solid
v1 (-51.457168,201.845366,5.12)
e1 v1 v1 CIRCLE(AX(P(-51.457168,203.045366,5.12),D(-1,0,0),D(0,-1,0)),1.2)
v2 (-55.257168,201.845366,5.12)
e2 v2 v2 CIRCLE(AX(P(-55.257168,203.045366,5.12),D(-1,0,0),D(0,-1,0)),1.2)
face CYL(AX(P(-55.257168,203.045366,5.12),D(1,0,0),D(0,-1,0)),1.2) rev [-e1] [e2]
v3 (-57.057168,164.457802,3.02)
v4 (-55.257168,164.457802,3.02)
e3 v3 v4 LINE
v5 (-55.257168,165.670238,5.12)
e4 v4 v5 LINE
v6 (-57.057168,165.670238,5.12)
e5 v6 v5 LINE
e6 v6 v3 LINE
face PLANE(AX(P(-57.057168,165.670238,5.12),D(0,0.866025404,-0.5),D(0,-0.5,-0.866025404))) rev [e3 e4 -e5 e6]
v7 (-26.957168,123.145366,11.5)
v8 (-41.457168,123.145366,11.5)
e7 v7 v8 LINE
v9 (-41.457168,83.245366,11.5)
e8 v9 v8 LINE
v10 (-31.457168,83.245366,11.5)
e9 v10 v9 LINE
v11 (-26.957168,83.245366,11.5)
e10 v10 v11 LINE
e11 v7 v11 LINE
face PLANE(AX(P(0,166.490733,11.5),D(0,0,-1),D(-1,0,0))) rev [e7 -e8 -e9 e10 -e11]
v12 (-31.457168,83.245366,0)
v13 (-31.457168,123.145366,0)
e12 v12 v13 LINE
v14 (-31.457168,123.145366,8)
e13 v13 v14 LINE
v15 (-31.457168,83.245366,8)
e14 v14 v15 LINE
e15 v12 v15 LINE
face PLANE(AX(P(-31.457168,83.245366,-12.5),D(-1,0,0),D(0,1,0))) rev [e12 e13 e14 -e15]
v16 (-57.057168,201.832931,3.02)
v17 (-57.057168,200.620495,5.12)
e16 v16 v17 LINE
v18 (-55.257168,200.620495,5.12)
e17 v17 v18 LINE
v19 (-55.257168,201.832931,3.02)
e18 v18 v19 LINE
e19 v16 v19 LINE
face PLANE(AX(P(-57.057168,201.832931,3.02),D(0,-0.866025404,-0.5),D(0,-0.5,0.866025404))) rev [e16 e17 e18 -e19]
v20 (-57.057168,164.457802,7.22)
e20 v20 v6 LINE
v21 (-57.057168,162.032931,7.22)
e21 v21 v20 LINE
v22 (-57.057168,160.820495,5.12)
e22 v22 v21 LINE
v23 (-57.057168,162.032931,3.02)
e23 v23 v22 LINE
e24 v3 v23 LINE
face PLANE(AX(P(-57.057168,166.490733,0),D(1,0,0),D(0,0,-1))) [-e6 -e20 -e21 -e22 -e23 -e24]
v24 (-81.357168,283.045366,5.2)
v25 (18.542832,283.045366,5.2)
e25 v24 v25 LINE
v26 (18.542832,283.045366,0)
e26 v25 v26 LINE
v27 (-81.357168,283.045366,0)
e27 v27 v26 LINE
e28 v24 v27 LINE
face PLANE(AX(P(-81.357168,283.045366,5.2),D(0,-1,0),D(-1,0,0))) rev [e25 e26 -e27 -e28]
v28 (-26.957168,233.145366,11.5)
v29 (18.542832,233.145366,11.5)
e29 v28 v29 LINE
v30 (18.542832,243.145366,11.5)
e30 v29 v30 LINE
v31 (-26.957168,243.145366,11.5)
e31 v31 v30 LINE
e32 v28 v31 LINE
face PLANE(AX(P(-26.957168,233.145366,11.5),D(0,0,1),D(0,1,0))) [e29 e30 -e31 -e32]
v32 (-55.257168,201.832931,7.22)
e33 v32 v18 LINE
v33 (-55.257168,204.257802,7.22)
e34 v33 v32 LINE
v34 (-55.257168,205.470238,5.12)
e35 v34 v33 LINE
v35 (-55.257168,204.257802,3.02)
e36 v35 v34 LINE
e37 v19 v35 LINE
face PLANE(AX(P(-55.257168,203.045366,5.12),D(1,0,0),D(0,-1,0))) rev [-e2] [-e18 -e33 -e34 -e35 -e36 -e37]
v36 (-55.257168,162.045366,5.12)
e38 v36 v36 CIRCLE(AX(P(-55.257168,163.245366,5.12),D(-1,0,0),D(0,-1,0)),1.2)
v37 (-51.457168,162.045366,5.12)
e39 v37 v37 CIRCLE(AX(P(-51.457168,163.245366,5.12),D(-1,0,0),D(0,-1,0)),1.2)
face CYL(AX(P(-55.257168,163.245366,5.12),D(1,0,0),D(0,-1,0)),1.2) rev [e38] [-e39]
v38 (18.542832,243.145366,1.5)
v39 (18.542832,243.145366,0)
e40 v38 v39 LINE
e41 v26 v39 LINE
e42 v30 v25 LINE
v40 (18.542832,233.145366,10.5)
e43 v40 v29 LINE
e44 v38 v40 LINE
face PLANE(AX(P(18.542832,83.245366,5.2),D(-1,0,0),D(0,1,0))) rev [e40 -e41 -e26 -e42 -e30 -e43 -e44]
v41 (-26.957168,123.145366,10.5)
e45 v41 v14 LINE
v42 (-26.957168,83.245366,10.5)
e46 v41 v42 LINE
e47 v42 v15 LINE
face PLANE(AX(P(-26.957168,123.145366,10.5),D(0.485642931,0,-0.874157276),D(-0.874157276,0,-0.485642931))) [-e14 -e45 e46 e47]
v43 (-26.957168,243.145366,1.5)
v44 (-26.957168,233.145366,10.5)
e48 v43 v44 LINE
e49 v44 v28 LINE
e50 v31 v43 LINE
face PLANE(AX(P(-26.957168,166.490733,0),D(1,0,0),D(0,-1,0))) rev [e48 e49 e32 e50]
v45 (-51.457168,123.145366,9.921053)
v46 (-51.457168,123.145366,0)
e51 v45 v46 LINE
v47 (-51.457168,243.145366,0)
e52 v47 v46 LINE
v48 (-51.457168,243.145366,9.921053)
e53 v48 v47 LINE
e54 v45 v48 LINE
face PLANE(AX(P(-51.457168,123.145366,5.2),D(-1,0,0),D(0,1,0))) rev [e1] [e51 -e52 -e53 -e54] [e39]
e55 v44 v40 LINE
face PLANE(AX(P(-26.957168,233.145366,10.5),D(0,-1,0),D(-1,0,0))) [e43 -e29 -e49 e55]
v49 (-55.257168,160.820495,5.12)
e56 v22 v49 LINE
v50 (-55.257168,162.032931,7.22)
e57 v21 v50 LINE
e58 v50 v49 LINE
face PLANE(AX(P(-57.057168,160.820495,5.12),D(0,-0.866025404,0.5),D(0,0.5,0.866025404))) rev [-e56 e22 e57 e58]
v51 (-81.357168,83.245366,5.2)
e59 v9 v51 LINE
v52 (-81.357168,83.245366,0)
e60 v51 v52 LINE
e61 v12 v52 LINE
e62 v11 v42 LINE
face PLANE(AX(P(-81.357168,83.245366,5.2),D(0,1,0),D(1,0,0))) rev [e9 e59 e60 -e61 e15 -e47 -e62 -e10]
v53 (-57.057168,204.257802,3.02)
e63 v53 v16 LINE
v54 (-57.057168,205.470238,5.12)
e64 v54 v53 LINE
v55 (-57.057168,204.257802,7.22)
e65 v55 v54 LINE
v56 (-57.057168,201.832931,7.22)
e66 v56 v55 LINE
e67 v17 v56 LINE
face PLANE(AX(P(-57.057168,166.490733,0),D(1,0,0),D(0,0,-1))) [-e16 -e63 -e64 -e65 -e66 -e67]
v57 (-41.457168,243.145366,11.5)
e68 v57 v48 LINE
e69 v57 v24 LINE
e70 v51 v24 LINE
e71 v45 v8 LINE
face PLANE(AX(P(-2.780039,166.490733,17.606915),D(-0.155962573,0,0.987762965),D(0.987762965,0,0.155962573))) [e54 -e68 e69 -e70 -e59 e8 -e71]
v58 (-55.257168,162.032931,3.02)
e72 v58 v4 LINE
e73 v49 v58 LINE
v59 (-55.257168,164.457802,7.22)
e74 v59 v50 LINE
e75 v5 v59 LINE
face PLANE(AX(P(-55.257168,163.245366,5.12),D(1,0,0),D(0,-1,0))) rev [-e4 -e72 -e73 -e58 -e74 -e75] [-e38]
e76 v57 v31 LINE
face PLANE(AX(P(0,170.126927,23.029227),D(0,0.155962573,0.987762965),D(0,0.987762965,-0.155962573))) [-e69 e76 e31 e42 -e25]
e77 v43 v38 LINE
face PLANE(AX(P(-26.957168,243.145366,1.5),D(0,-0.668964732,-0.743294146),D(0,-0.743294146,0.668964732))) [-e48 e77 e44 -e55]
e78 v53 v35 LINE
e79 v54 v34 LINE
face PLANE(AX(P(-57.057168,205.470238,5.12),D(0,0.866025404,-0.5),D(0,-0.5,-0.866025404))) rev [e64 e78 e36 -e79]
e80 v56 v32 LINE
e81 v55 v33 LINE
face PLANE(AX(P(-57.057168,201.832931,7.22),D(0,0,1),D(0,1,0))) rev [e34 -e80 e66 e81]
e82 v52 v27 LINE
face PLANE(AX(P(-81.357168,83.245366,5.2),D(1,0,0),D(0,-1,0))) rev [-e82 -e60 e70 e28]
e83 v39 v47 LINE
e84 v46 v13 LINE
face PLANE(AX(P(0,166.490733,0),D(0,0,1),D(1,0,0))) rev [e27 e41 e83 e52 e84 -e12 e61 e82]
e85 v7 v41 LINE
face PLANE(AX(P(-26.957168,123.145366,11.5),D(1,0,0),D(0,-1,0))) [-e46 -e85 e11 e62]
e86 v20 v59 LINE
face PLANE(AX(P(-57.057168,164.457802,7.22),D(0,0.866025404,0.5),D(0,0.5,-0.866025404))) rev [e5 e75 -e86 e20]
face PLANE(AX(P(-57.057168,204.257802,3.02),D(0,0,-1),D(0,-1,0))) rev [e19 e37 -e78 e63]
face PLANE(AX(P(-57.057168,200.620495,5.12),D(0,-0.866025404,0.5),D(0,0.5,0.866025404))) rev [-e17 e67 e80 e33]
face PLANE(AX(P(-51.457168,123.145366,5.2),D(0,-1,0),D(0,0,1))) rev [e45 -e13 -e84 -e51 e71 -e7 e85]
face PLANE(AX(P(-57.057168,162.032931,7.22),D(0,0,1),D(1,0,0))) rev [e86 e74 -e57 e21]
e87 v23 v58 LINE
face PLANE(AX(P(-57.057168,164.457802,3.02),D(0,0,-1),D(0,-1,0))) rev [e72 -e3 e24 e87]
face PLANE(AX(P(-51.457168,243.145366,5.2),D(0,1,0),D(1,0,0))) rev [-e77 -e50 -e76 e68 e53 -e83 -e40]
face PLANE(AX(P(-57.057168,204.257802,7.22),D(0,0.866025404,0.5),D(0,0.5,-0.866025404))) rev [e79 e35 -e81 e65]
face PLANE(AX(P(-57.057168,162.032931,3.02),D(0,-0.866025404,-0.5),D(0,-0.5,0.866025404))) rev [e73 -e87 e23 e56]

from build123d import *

# Parameters (mm, degrees)
DODANIE_WYCI_GNI_CIE1_DEPTH = 5.2
SZKIC3_W                    = 60
SZKIC3_H                    = 159.9
SZKIC5_W                    = 99.9
SZKIC5_H                    = 199.8
SZKIC6_W                    = 49.271239353
SZKIC6_H                    = 120
WYTNIJ_WYCI_GNI_CIE1_DEPTH  = 78
WYTNIJ_WYCI_GNI_CIE2_DEPTH  = 5.6
SZKIC9_R                    = 2.424871131
SZKIC9_R_2                  = 1.2
DODANIE_WYCI_GNI_CIE3_DEPTH = 3.8
SZKIC10_W                   = 50
SZKIC10_H                   = 39.9
WYTNIJ_WYCI_GNI_CIE4_DEPTH  = 24
DODANIE_WYCI_GNI_CIE4_DEPTH = 39.9
DODANIE_WYCI_GNI_CIE5_DEPTH = 45.5


with BuildPart() as part:
    # Szkic2 → Dodanie-wyciągnięcie1 (new body)
    with BuildSketch(Plane.XY):
        Polygon((18.542832418, 83.245366469), (18.542832418, 43.345366469), (-51.457167582, 43.345366469), (-51.457167582, -76.654633531), (18.542832418, -76.654633531), (18.542832418, -116.554633531), (-81.357167582, -116.554633531), (-81.357167582, 83.245366469), align=None)
    extrude(amount=DODANIE_WYCI_GNI_CIE1_DEPTH)

    # Szkic3 → Wyciągnięcie po profilach3 section 0
    with BuildSketch(Plane.XY.offset(11.5)):
        with Locations((-11.457167582, 3.295366469)):
            Rectangle(SZKIC3_W, SZKIC3_H)
    # Szkic5 → Wyciągnięcie po profilach3 section 1
    with BuildSketch(Plane.XY.offset(5.2)):
        with Locations((-31.407167582, -16.654633531)):
            Rectangle(SZKIC5_W, SZKIC5_H)
    loft()

    # Szkic6 → Wytnij-wyciągnięcie1 (cut)
    with BuildSketch(Plane(origin=(-51.457167582, 0, 0), x_dir=(0, 0, -1), z_dir=(1, 0, 0))):
        with Locations((-24.635619677, -16.654633531)):
            Rectangle(SZKIC6_W, SZKIC6_H)
    extrude(amount=WYTNIJ_WYCI_GNI_CIE1_DEPTH, mode=Mode.SUBTRACT)

    # Szkic7 → Wytnij-wyciągnięcie2 (cut)
    with BuildSketch(Plane(origin=(-51.457167582, 0, 0), x_dir=(0, 0, -1), z_dir=(1, 0, 0))):
        Polygon((-5.12, -34.1297624), (-7.22, -35.342197966), (-7.22, -37.767069096), (-5.12, -38.979504662), (-3.02, -37.767069096), (-3.02, -35.342197966), align=None)
        Polygon((-5.12, 5.6702376), (-7.22, 4.457802034), (-7.22, 2.032930904), (-5.12, 0.820495338), (-3.02, 2.032930904), (-3.02, 4.457802034), align=None)
    extrude(amount=-WYTNIJ_WYCI_GNI_CIE2_DEPTH, mode=Mode.SUBTRACT)

    # Szkic9 → Dodanie-wyciągnięcie3 (add)
    with BuildSketch(Plane(origin=(-51.457167582, 0, 0), x_dir=(0, 0, -1), z_dir=(1, 0, 0))):
        with Locations((-5.12, 3.245366469)):
            Circle(SZKIC9_R)
        with Locations((-5.12, 3.245366469)):
            Circle(SZKIC9_R_2, mode=Mode.SUBTRACT)
        with Locations((-5.12, -36.554633531)):
            Circle(SZKIC9_R)
        with Locations((-5.12, -36.554633531)):
            Circle(SZKIC9_R_2, mode=Mode.SUBTRACT)
    extrude(amount=-DODANIE_WYCI_GNI_CIE3_DEPTH)

    # Szkic10 → Wytnij-wyciągnięcie4 (cut)
    with BuildSketch(Plane.XY.offset(11.5)):
        with Locations((-6.457167582, 63.295366469)):
            Rectangle(SZKIC10_W, SZKIC10_H)
    extrude(amount=-WYTNIJ_WYCI_GNI_CIE4_DEPTH, mode=Mode.SUBTRACT)

    # Szkic12 → Dodanie-wyciągnięcie4 (add)
    with BuildSketch(Plane(origin=(0, 83.245366469, 0), x_dir=(1, 0, 0), z_dir=(0, 1, 0))):
        Polygon((-31.457167582, -11.5), (-26.957167582, -11.5), (-26.957167582, -10.5), (-31.457167582, -8), align=None)
    extrude(amount=-DODANIE_WYCI_GNI_CIE4_DEPTH)

    # Szkic13 → Dodanie-wyciągnięcie5 (add)
    with BuildSketch(Plane(origin=(18.542832418, 0, 0), x_dir=(0, 0, -1), z_dir=(1, 0, 0))):
        Polygon((-11.5, -76.654633531), (-1.5, -76.654633531), (-10.5, -66.654633531), (-11.5, -66.654633531), align=None)
    extrude(amount=-DODANIE_WYCI_GNI_CIE5_DEPTH)


with BuildPart() as body_2:
    # Lustro1: mirrored copy
    add(part.part.mirror(Plane(origin=(-81.357167582, 83.245366469, 5.2), x_dir=(0, 0, 1), z_dir=(0, -1, 0))))


solid = body_2.part
